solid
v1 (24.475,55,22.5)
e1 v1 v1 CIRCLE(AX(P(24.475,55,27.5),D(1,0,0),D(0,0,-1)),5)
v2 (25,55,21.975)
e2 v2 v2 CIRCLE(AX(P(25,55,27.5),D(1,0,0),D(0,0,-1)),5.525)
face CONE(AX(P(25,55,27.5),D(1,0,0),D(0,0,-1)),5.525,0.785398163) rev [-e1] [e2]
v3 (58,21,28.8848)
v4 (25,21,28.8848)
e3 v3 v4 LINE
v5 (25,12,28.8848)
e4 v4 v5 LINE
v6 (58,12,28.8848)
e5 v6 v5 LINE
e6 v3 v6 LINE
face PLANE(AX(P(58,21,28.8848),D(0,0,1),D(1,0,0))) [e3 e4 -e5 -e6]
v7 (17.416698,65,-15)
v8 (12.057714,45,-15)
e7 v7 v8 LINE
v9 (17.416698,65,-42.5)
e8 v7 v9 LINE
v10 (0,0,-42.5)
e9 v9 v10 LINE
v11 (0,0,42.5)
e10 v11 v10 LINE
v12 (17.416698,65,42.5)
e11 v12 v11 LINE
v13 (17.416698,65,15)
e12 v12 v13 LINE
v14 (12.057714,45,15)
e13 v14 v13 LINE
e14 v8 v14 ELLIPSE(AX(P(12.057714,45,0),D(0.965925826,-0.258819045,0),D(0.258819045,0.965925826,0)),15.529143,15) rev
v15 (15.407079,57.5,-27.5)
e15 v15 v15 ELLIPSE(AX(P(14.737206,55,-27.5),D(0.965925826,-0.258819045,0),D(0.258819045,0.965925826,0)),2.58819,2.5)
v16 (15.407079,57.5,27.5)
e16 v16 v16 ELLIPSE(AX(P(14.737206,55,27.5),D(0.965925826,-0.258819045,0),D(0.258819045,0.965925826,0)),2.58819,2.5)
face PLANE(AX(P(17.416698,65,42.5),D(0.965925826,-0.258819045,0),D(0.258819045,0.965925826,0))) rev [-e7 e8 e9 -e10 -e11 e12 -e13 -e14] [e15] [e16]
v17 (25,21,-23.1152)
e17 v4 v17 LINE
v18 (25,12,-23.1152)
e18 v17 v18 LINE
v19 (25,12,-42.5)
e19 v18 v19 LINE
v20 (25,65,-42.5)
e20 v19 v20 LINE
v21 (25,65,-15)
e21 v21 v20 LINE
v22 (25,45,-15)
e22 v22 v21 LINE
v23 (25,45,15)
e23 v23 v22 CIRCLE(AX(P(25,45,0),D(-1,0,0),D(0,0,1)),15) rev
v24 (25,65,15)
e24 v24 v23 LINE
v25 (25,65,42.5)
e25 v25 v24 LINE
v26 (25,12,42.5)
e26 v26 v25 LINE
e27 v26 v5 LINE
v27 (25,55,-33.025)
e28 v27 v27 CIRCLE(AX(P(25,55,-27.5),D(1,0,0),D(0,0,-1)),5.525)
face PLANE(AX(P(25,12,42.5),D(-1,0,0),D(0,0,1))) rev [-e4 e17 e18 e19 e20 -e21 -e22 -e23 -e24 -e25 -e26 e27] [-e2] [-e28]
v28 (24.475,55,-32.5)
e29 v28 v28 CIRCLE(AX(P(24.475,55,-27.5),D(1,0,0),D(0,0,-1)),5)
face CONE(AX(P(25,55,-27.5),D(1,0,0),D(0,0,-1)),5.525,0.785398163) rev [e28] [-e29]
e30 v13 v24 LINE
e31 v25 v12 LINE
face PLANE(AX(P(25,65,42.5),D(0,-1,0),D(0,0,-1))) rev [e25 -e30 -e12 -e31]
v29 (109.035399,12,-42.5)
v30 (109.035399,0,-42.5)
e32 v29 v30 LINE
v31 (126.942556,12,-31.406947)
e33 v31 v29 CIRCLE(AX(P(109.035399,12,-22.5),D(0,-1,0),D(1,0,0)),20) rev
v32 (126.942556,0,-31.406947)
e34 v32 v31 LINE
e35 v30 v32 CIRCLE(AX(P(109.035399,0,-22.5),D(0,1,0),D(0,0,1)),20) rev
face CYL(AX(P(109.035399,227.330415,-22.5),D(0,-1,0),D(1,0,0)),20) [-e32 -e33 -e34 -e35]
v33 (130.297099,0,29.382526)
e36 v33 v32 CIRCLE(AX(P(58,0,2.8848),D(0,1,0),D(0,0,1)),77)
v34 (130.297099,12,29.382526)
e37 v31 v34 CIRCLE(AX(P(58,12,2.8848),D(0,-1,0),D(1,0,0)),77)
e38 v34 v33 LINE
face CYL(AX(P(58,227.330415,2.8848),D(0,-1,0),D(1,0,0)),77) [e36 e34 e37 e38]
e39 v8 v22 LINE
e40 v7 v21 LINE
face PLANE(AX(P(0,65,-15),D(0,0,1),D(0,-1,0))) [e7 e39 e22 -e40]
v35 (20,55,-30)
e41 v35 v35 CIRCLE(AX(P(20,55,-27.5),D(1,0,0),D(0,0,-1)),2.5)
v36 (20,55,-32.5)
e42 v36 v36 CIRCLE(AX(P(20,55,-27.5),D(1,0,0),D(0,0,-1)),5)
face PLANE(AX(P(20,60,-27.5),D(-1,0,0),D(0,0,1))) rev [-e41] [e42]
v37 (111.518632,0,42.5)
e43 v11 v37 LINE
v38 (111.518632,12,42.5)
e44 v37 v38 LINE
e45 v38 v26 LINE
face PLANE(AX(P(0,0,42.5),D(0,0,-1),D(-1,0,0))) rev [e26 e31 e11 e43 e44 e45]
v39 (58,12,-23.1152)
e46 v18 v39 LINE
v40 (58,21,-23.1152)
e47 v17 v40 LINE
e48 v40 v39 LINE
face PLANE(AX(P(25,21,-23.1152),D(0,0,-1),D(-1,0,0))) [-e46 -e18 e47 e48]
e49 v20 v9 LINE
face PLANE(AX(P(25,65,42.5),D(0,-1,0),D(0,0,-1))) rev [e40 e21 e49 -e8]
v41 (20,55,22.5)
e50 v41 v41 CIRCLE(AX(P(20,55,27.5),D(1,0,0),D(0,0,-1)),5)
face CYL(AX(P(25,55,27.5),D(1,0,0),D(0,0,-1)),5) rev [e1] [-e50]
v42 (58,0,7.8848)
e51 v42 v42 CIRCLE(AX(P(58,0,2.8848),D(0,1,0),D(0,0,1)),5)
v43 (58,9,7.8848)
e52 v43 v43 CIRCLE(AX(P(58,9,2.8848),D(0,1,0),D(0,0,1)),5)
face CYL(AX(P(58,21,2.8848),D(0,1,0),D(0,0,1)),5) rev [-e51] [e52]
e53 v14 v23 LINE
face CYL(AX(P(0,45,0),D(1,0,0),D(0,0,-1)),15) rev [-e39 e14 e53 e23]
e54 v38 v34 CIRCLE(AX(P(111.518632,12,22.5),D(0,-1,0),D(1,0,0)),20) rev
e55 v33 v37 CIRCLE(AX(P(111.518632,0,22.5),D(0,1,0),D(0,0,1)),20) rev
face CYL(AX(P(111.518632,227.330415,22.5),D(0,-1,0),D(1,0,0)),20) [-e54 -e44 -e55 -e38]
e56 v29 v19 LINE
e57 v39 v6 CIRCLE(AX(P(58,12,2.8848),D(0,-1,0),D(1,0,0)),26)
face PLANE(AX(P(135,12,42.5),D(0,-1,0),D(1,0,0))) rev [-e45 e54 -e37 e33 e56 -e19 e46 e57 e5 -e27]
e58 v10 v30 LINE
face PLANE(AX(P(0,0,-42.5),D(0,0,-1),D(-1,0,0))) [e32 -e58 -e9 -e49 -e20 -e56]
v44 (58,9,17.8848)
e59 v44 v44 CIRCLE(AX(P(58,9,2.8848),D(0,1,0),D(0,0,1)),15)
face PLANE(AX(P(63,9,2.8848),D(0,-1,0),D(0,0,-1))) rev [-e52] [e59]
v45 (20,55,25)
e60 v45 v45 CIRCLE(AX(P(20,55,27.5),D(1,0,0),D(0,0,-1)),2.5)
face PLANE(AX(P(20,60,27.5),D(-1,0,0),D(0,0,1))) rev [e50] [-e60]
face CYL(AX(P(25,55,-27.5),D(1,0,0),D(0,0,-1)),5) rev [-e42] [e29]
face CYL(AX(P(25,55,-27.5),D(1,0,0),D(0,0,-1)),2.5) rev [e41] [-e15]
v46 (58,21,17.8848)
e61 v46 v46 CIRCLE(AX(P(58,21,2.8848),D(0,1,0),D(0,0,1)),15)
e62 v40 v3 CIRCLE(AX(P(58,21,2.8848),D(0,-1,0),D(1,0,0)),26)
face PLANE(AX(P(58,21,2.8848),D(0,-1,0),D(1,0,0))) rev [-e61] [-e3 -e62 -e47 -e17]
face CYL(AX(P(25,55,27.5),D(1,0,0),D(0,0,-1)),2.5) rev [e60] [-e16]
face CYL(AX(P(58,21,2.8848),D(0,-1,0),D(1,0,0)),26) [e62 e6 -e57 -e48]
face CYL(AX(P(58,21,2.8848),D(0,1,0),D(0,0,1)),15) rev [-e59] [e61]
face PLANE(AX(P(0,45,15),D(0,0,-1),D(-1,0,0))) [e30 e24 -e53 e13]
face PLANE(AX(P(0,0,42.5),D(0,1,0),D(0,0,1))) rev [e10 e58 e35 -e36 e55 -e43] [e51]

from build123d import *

# Parameters (mm, degrees)
P_IDAT_VYSUNUT_M1_DEPTH                           = 42.5
ODEBRAT_VYSUNUT_M1_DEPTH                          = 152.129911004
ODEBRAT_VYSUNUT_M1_DEPTH_BACK                     = 152.129911004
P_IDAT_VYSUNUT_M2_DEPTH                           = 9
ODEBRAT_VYSUNUT_M2_DEPTH                          = 135.652330095
ODEBRAT_VYSUNUT_M2_DEPTH_BACK                     = 135.652330095
V_LCOV_ZAHLOUBEN_PRO_M5_ROUBY_S_V_2_COUNT         = 2
V_LCOV_ZAHLOUBEN_PRO_M5_ROUBY_S_V_2_PITCH         = 27.950849719
V_LCOV_ZAHLOUBEN_PRO_M5_ROUBY_S_V_3_COUNT         = 2
V_LCOV_ZAHLOUBEN_PRO_M5_ROUBY_S_V_3_PITCH         = 27.950849719
V_LCOV_ZAHLOUBEN_PRO_M10_ROUBY_S_V_LC_D           = 10
V_LCOV_ZAHLOUBEN_PRO_M10_ROUBY_S_V_LC_CBORE_D     = 30
V_LCOV_ZAHLOUBEN_PRO_M10_ROUBY_S_V_LC_CBORE_DEPTH = 12
ZAOBLIT1_R                                        = 20


with BuildPart() as part:
    # Skica1 → Přidat vysunutím1 (new, symmetric)
    with BuildSketch(Plane.XY):
        Polygon((0, 0), (135, 0), (135, 12), (25, 12), (25, 65), (17.416697508, 65), align=None)
    extrude(amount=P_IDAT_VYSUNUT_M1_DEPTH, both=True)

    # Skica2 → Odebrat vysunutím1 (cut, two sides: drawn at the far end of the back side and taken through both)
    with BuildSketch(Plane(origin=(0, 12, 0), x_dir=(1, 0, 0), z_dir=(0, 1, 0)).offset(-ODEBRAT_VYSUNUT_M1_DEPTH_BACK)):
        with BuildLine():
            Line((-62.938175678, 293.50791206), (120.203054159, 42.5))
            ThreePointArc((120.203054159, 42.5), (134.922176639, 0.576231991), (124.027539054, -42.5))
            Line((124.027539054, -42.5), (-35.831632193, -308.940851505))
            Line((-35.831632193, -308.940851505), (584.976307558, -281.00825635))
            Line((584.976307558, -281.00825635), (557.869764074, 321.440507215))
            Line((557.869764074, 321.440507215), (-62.938175678, 293.50791206))
        make_face()
    extrude(amount=ODEBRAT_VYSUNUT_M1_DEPTH + ODEBRAT_VYSUNUT_M1_DEPTH_BACK, mode=Mode.SUBTRACT)

    # Skica3 → Přidat vysunutím2 (add)
    with BuildSketch(Plane(origin=(0, 12, 0), x_dir=(1, 0, 0), z_dir=(0, 1, 0))):
        with BuildLine():
            Line((25, 23.115200195), (58, 23.115200195))
            ThreePointArc((58, 23.115200195), (84, -2.884799805), (58, -28.884799805))
            Line((58, -28.884799805), (25, -28.884799805))
            Line((25, -28.884799805), (25, 23.115200195))
        make_face()
    extrude(amount=P_IDAT_VYSUNUT_M2_DEPTH)

    # Skica4 → Odebrat vysunutím2 (cut, two sides: drawn at the far end of the back side and taken through both)
    with BuildSketch(Plane(origin=(25, 0, 0), x_dir=(0, 0, -1), z_dir=(1, 0, 0)).offset(-ODEBRAT_VYSUNUT_M2_DEPTH_BACK)):
        with BuildLine():
            Line((15, 65), (15, 45))
            ThreePointArc((15, 45), (0, 30), (-15, 45))
            Line((-15, 45), (-15, 65))
            Line((-15, 65), (15, 65))
        make_face()
    extrude(amount=ODEBRAT_VYSUNUT_M2_DEPTH + ODEBRAT_VYSUNUT_M2_DEPTH_BACK, mode=Mode.SUBTRACT)

    # Skica9 → Válcové zahloubení pro M5 šrouby s válcovou hlavou zaoblenou1 (revolve, cut)
    with BuildSketch(Plane(origin=(25, 60, 0), x_dir=(0, 0, -1), z_dir=(0, 1, 0))):
        Polygon((0, 0), (0, 25), (2.5, 25), (2.5, 5), (5, 5), (5, 0.525), (5.525, 0), align=None)
    v_lcov_zahlouben_pro_m5_rouby_s_v_lco = revolve(axis=Axis((31.35, 60, 0), (-1, 0, 0)), mode=Mode.SUBTRACT)

    # V_lcov_ zahlouben_ pro M5 _rouby s v 2: Válcové zahloubení pro M5 šrouby s válcovou hlavou zaoblenou1 ×2
    with Locations(*[Vector(0, -0.1788854381999832, -0.9838699100999074) * (i * V_LCOV_ZAHLOUBEN_PRO_M5_ROUBY_S_V_2_PITCH) for i in range(1, V_LCOV_ZAHLOUBEN_PRO_M5_ROUBY_S_V_2_COUNT)]):
        add(v_lcov_zahlouben_pro_m5_rouby_s_v_lco, mode=Mode.SUBTRACT)

    # V_lcov_ zahlouben_ pro M5 _rouby s v 3: Válcové zahloubení pro M5 šrouby s válcovou hlavou zaoblenou1 ×2
    with Locations(*[Vector(0, -0.1788854381999834, 0.9838699100999074) * (i * V_LCOV_ZAHLOUBEN_PRO_M5_ROUBY_S_V_3_PITCH) for i in range(1, V_LCOV_ZAHLOUBEN_PRO_M5_ROUBY_S_V_3_COUNT)]):
        add(v_lcov_zahlouben_pro_m5_rouby_s_v_lco, mode=Mode.SUBTRACT)

    # Válcové zahloubení pro M10 šrouby s válcovou hlavou zaoblenou3 (through all)
    with Locations(Plane(origin=(0, 21, 0), x_dir=(1, 0, 0), z_dir=(0, 1, 0))):
        with Locations((58, -2.884799805)):
            CounterBoreHole(V_LCOV_ZAHLOUBEN_PRO_M10_ROUBY_S_V_LC_D / 2, V_LCOV_ZAHLOUBEN_PRO_M10_ROUBY_S_V_LC_CBORE_D / 2, V_LCOV_ZAHLOUBEN_PRO_M10_ROUBY_S_V_LC_CBORE_DEPTH)

    # Zaoblit1
    zaoblit1_edges = [part.edges().sort_by_distance(p)[0] for p in [
        (120.203054159, 6, -42.5),
        (124.027539054, 6, 42.5),
    ]]
    fillet(zaoblit1_edges, radius=ZAOBLIT1_R)


solid = part.part
